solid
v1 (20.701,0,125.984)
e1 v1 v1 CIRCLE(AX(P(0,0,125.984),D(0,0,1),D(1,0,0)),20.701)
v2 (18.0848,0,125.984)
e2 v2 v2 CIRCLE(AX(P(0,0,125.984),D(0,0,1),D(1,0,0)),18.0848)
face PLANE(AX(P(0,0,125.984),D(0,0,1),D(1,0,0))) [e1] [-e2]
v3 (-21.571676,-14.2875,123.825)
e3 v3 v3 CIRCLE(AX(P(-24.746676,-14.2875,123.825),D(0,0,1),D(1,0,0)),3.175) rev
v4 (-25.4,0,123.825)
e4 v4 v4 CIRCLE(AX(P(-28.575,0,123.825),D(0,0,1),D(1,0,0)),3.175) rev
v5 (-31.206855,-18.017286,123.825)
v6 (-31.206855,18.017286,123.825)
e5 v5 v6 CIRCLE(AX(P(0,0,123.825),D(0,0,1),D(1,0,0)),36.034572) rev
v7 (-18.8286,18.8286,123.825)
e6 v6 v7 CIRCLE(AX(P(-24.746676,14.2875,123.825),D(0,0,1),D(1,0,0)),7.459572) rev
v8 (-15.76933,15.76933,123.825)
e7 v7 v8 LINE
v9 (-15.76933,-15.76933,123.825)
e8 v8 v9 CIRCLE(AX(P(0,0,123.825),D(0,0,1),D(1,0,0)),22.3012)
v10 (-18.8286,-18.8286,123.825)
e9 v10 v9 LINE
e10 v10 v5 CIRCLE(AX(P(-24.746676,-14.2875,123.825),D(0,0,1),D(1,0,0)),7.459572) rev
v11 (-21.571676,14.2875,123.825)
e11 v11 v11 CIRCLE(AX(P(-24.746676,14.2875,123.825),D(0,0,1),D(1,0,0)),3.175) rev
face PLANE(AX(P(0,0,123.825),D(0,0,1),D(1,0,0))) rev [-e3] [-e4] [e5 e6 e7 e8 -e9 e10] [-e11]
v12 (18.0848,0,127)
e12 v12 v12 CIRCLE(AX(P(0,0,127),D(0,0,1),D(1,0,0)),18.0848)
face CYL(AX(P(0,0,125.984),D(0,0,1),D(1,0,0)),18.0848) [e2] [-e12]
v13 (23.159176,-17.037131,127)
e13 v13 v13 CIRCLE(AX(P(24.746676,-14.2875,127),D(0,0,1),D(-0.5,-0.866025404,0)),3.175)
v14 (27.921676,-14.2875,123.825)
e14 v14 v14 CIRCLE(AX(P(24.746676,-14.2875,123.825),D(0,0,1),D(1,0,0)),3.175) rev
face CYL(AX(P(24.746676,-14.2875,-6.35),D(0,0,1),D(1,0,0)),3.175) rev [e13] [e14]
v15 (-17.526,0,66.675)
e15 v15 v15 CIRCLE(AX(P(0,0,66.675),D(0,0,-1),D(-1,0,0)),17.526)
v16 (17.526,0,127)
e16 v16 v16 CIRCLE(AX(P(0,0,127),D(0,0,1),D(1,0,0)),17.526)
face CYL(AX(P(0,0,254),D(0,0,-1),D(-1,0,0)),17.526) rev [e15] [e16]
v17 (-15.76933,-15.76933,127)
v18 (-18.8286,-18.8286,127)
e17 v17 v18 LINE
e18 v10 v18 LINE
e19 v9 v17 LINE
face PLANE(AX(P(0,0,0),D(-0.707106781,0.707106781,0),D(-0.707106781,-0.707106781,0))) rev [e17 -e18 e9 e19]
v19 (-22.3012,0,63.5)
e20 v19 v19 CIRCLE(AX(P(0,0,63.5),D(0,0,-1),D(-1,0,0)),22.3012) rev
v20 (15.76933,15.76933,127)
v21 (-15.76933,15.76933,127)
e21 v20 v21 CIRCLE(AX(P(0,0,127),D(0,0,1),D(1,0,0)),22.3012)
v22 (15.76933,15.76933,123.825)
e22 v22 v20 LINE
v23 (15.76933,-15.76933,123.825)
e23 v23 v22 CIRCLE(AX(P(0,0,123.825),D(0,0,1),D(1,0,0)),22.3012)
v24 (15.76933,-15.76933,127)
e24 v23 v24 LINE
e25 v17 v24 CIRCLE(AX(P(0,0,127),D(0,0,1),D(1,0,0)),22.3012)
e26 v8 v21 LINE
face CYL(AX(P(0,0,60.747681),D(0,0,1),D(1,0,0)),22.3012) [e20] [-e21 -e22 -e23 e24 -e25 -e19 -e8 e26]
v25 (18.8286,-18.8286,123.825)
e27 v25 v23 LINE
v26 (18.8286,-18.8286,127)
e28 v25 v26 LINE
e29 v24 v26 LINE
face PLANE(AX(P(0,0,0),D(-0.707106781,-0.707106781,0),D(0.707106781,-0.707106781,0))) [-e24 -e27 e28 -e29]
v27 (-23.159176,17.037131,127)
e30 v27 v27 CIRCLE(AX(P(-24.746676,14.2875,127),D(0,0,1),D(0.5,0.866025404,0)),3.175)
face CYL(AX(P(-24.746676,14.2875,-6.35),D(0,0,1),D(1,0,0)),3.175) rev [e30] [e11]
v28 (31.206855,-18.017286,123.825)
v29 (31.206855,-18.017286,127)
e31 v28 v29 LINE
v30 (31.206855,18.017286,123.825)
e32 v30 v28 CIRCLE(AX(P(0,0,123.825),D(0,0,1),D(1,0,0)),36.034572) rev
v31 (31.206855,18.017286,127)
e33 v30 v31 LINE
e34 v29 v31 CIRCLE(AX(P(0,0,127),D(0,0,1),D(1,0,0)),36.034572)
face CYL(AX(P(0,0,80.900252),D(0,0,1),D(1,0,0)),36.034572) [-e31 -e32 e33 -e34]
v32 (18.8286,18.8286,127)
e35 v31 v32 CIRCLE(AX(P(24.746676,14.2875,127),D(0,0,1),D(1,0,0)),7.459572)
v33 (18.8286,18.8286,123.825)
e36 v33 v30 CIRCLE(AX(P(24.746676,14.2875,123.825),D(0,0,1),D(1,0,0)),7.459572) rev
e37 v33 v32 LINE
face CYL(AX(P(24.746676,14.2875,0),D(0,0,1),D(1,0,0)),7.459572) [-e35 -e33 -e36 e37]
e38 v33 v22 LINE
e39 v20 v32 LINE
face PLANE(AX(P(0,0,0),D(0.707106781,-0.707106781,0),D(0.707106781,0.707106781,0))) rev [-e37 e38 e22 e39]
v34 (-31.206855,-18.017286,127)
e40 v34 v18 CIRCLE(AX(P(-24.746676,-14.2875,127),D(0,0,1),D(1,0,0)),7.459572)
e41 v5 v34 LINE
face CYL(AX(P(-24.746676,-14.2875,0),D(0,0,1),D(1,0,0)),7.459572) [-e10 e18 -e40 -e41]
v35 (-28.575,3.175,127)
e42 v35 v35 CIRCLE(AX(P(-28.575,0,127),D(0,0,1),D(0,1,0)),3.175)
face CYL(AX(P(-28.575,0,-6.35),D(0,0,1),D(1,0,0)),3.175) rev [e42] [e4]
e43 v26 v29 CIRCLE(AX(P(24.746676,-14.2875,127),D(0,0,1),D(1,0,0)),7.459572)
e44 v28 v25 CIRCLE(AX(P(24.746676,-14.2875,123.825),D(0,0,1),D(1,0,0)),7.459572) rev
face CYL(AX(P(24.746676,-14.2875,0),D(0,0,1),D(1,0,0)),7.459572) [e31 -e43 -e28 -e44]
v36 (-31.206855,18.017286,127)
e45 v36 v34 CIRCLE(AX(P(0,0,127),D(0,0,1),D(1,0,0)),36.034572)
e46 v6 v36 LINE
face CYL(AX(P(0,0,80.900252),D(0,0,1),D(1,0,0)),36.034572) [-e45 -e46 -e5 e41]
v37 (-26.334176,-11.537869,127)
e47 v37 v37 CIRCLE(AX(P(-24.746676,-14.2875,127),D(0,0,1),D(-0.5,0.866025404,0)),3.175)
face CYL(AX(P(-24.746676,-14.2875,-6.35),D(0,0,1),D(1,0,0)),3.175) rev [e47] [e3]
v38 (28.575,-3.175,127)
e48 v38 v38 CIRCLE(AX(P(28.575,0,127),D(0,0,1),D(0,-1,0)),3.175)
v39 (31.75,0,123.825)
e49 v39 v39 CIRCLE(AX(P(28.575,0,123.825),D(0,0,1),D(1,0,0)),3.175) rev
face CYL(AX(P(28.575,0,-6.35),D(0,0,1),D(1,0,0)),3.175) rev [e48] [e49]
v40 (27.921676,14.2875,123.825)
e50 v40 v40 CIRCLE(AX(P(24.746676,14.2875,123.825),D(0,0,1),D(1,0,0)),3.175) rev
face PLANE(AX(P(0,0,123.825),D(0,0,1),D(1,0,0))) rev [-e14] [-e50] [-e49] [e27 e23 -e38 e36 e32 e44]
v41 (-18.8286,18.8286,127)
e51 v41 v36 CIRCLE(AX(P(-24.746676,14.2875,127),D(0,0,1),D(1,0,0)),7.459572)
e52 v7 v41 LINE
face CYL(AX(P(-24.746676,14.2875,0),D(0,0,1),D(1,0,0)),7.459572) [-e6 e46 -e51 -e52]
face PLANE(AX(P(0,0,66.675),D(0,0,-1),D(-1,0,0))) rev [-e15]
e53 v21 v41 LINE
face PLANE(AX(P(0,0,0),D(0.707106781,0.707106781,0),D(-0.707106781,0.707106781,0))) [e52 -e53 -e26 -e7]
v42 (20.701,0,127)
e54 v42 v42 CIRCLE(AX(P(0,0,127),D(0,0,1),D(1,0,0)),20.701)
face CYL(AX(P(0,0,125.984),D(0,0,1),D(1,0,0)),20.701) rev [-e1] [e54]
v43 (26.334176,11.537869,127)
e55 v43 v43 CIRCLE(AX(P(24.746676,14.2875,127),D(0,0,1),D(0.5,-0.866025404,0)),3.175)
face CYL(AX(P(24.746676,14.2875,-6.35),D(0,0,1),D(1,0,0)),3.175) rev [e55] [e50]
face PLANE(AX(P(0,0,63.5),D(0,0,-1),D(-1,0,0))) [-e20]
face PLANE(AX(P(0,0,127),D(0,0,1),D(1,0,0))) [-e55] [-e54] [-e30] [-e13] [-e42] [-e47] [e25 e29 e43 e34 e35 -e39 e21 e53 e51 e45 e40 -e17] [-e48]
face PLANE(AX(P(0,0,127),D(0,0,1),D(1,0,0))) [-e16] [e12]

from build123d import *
from build123d.topology import SkipClean

# Parameters (mm, degrees)
SKETCH1_R           = 21.082
SKETCH1_R_2         = 17.526
BOSS_EXTRUDE1_DEPTH = 254
BOSS_EXTRUDE2_START = 6.35
SKETCH2_R           = 21.082
BOSS_EXTRUDE2_DEPTH = 6.35
SKETCH3_R           = 25.868376463
CUT_EXTRUDE1_DEPTH  = 127
SKETCH4_R           = 34.925
SKETCH4_R_2         = 19.091061219
BOSS_EXTRUDE3_DEPTH = 3.175
CUT_EXTRUDE2_DEPTH  = 143.203142546
CIRPATTERN1_COUNT   = 12
SKETCH6_R           = 21.082
CUT_EXTRUDE3_DEPTH  = 6.35
SKETCH7_R           = 21.082
BOSS_EXTRUDE4_DEPTH = 6.35
CUT_EXTRUDE5_DEPTH  = 137.26632471
BOSS_EXTRUDE5_DEPTH = 3.175
SKETCH13_R          = 20.701
SKETCH13_R_2        = 18.0848
CUT_EXTRUDE6_DEPTH  = 1.016
SKETCH14_R          = 22.3012
SKETCH14_R_2        = 20.701
BOSS_EXTRUDE6_DEPTH = 3.175
SKETCH15_R          = 3.175
SKETCH15_R_2        = 21.082
BOSS_EXTRUDE7_DEPTH = 123.825
SKETCH17_R          = 47.464750001
SKETCH17_R_2        = 22.3012
CUT_EXTRUDE7_DEPTH  = 120.65
SKETCH18_R          = 17.526
CUT_EXTRUDE8_DEPTH  = 134.883658048
CUT_EXTRUDE9_START  = -1.016
SKETCH19_R          = 20.701
SKETCH19_R_2        = 18.0848
CUT_EXTRUDE9_DEPTH  = 1.016
SKETCH20_R          = 43.35542212
CUT_EXTRUDE10_DEPTH = 25.4
SKETCH21_R          = 25.927665562
CUT_EXTRUDE11_DEPTH = 38.1
SKETCH22_R          = 20.063036937
BOSS_EXTRUDE8_DEPTH = 3.175


with BuildPart() as part:
    # Sketch1 → Boss-Extrude1 (new body)
    with BuildSketch(Plane.XY):
        Circle(SKETCH1_R)
        Circle(SKETCH1_R_2, mode=Mode.SUBTRACT)
    extrude(amount=BOSS_EXTRUDE1_DEPTH)

    # Sketch2 → Boss-Extrude2 (add)
    with BuildSketch(Plane(origin=(0, 0, 0), x_dir=(-1, 0, 0), z_dir=(0, 0, -1)).offset(BOSS_EXTRUDE2_START)):
        Circle(SKETCH2_R)
    extrude(amount=-BOSS_EXTRUDE2_DEPTH)

    # Sketch3 → Cut-Extrude1 (cut)
    with BuildSketch(Plane.XY.offset(254)):
        Circle(SKETCH3_R)
    extrude(amount=-CUT_EXTRUDE1_DEPTH, mode=Mode.SUBTRACT)

    # Sketch4 → Boss-Extrude3 (add)
    with BuildSketch(Plane.XY.offset(127)):
        Circle(SKETCH4_R)
        Circle(SKETCH4_R_2, mode=Mode.SUBTRACT)
    extrude(amount=-BOSS_EXTRUDE3_DEPTH)

    # Sketch5 → Cut-Extrude2 (cut, through all)
    with BuildSketch(Plane.XY.offset(127)):
        with BuildLine():
            ThreePointArc((0, 31.75), (-3.175, 28.575), (0, 25.4))
            Line((0, 25.4), (0, 31.75))
        make_face()
        with BuildLine():
            Line((0, 31.75), (0, 25.4))
            ThreePointArc((0, 25.4), (2.24506403, 26.32993597), (3.175, 28.575))
            ThreePointArc((3.175, 28.575), (2.24506403, 30.82006403), (0, 31.75))
        make_face()
    cut_extrude2 = extrude(amount=-CUT_EXTRUDE2_DEPTH, mode=Mode.SUBTRACT)

    # CirPattern1: Cut-Extrude2 ×12 about axis
    cirpattern1_axis = Axis((0, 0, 0), (0, 0, 1))
    for i in range(1, CIRPATTERN1_COUNT):
        add(cut_extrude2.rotate(cirpattern1_axis, i * 360 / CIRPATTERN1_COUNT), mode=Mode.SUBTRACT)

    # Sketch6 → Cut-Extrude3 (cut)
    with BuildSketch(Plane(origin=(0, 0, -6.35), x_dir=(-1, 0, 0), z_dir=(0, 0, -1))):
        Circle(SKETCH6_R)
    extrude(amount=-CUT_EXTRUDE3_DEPTH, mode=Mode.SUBTRACT)

    # Sketch7 → Boss-Extrude4 (add)
    with BuildSketch(Plane(origin=(0, 0, 0), x_dir=(-1, 0, 0), z_dir=(0, 0, -1))):
        Circle(SKETCH7_R)
    extrude(amount=-BOSS_EXTRUDE4_DEPTH)

    # Sketch8 → Cut-Extrude5 (cut, through all)
    with BuildSketch(Plane.XY.offset(127)):
        with BuildLine():
            ThreePointArc((18.828599641, 18.828599641), (22.949516837, 21.527350272), (27.854121372, 21.069018667))
            ThreePointArc((27.854121372, 21.069018667), (0, 34.925), (-27.854121372, 21.069018667))
            ThreePointArc((-27.854121372, 21.069018667), (-22.949516837, 21.527350272), (-18.828599641, 18.828599641))
            Line((-18.828599641, 18.828599641), (-14.907225161, 14.907225161))
            ThreePointArc((-14.907225161, 14.907225161), (0, 21.082), (14.907225161, 14.907225161))
            Line((14.907225161, 14.907225161), (18.828599641, 18.828599641))
        make_face()
        with BuildLine():
            ThreePointArc((14.907225161, -14.907225161), (0, -21.082), (-14.907225161, -14.907225161))
            Line((-14.907225161, -14.907225161), (-18.828599641, -18.828599641))
            ThreePointArc((-18.828599641, -18.828599641), (-22.949516837, -21.527350272), (-27.854121372, -21.069018667))
            ThreePointArc((-27.854121372, -21.069018667), (0, -34.925), (27.854121372, -21.069018667))
            ThreePointArc((27.854121372, -21.069018667), (22.949516837, -21.527350272), (18.828599641, -18.828599641))
            Line((18.828599641, -18.828599641), (14.907225161, -14.907225161))
        make_face()
    extrude(amount=-CUT_EXTRUDE5_DEPTH, mode=Mode.SUBTRACT)

    # Sketch11 → Boss-Extrude5 (add)
    with BuildSketch(Plane.XY.offset(127)):
        with BuildLine():
            ThreePointArc((31.206854634, 18.017286001), (29.767943301, 19.804028486), (27.854121372, 21.069018667))
            ThreePointArc((27.854121372, 21.069018667), (34.925, 0), (27.854121372, -21.069018667))
            ThreePointArc((27.854121372, -21.069018667), (29.767943301, -19.804028486), (31.206854634, -18.017286001))
            ThreePointArc((31.206854634, -18.017286001), (36.034571885, 0), (31.206854634, 18.017286001))
        make_face()
        with BuildLine():
            ThreePointArc((-27.854121372, 21.069018667), (-29.767943301, 19.804028486), (-31.206854634, 18.017286001))
            ThreePointArc((-31.206854634, 18.017286001), (-36.034571885, -1.77e-07), (-31.206854456, -18.017286308))
            ThreePointArc((-31.206854456, -18.017286308), (-29.767943169, -19.804028605), (-27.854121372, -21.069018667))
            ThreePointArc((-27.854121372, -21.069018667), (-34.925, 0), (-27.854121372, 21.069018667))
        make_face()
    extrude(amount=-BOSS_EXTRUDE5_DEPTH)

    # Sketch13 → Cut-Extrude6 (cut)
    with BuildSketch(Plane.XY.offset(127)):
        Circle(SKETCH13_R)
        Circle(SKETCH13_R_2, mode=Mode.SUBTRACT)
    extrude(amount=-CUT_EXTRUDE6_DEPTH, mode=Mode.SUBTRACT)

    # Sketch14 → Boss-Extrude6 (add)
    with BuildSketch(Plane.XY.offset(127)):
        Circle(SKETCH14_R)
        Circle(SKETCH14_R_2, mode=Mode.SUBTRACT)
    extrude(amount=-BOSS_EXTRUDE6_DEPTH)

    # Sketch15 → Boss-Extrude7 (add)
    with BuildSketch(Plane(origin=(0, 0, 123.825), x_dir=(-1, 0, 0), z_dir=(0, 0, -1))):
        with BuildLine():
            ThreePointArc((31.206854667, 18.017285943), (25.234555257, 21.731100369), (18.828599641, 18.828599641))
            Line((18.828599641, 18.828599641), (15.769329749, 15.769329749))
            ThreePointArc((15.769329749, 15.769329749), (0, 22.3012), (-15.769329749, 15.769329749))
            Line((-15.769329749, 15.769329749), (-18.828599641, 18.828599641))
            ThreePointArc((-18.828599641, 18.828599641), (-25.234555257, 21.731100369), (-31.206854667, 18.017285943))
            ThreePointArc((-31.206854667, 18.017285943), (-36.034571885, 0), (-31.206854667, -18.017285943))
            ThreePointArc((-31.206854667, -18.017285943), (-25.234555257, -21.731100369), (-18.828599641, -18.828599641))
            Line((-18.828599641, -18.828599641), (-15.769329749, -15.769329749))
            ThreePointArc((-15.769329749, -15.769329749), (0, -22.3012), (15.769329749, -15.769329749))
            Line((15.769329749, -15.769329749), (18.828599641, -18.828599641))
            ThreePointArc((18.828599641, -18.828599641), (25.234555257, -21.731100369), (31.206854667, -18.017285943))
            ThreePointArc((31.206854667, -18.017285943), (36.034571885, 0), (31.206854667, 18.017285943))
        make_face()
        with Locations(Location((28.575, 0, 0), (0, 0, 90))):
            Circle(SKETCH15_R, mode=Mode.SUBTRACT)
        with Locations(Location((-24.746675913, -14.2875, 0), (0, 0, 300))):
            Circle(SKETCH15_R, mode=Mode.SUBTRACT)
        with Locations(Location((-24.746675913, 14.2875, 0), (0, 0, 240))):
            Circle(SKETCH15_R, mode=Mode.SUBTRACT)
        with Locations(Location((-28.575, 0, 0), (0, 0, 270))):
            Circle(SKETCH15_R, mode=Mode.SUBTRACT)
        Circle(SKETCH15_R_2, mode=Mode.SUBTRACT)
        with Locations(Location((24.746675913, -14.2875, 0), (0, 0, 60))):
            Circle(SKETCH15_R, mode=Mode.SUBTRACT)
        with Locations(Location((24.746675913, 14.2875, 0), (0, 0, 120))):
            Circle(SKETCH15_R, mode=Mode.SUBTRACT)
    extrude(amount=BOSS_EXTRUDE7_DEPTH)

    # Sketch17 → Cut-Extrude7 (cut)
    with BuildSketch(Plane.XY.offset(123.825)):
        Circle(SKETCH17_R)
        with Locations(Location((0, 0, 0), (0, 0, 315))):
            Circle(SKETCH17_R_2, mode=Mode.SUBTRACT)
    extrude(amount=-CUT_EXTRUDE7_DEPTH, mode=Mode.SUBTRACT)

    # Sketch18 → Cut-Extrude8 (cut, through all)
    with BuildSketch(Plane.XY.offset(127)):
        Circle(SKETCH18_R)
    extrude(amount=-CUT_EXTRUDE8_DEPTH, mode=Mode.SUBTRACT)

    # Sketch19 → Cut-Extrude9 (cut)
    with BuildSketch(Plane(origin=(0, 0, 0), x_dir=(-1, 0, 0), z_dir=(0, 0, -1)).offset(CUT_EXTRUDE9_START)):
        with Locations(Location((0, 0, 0), (0, 0, 180))):
            Circle(SKETCH19_R)
        with Locations(Location((0, 0, 0), (0, 0, 180))):
            Circle(SKETCH19_R_2, mode=Mode.SUBTRACT)
    extrude(amount=CUT_EXTRUDE9_DEPTH, mode=Mode.SUBTRACT)

    # Sketch20 → Cut-Extrude10 (cut)
    with SkipClean():  # the faces are left unmerged after this step: merging them gives an invalid solid
        with BuildSketch(Plane(origin=(0, 0, 0), x_dir=(-1, 0, 0), z_dir=(0, 0, -1))):
            Circle(SKETCH20_R)
        extrude(amount=-CUT_EXTRUDE10_DEPTH, mode=Mode.SUBTRACT)

    # Sketch21 → Cut-Extrude11 (cut)
    with SkipClean():  # the faces are left unmerged after this step: merging them gives an invalid solid
        with BuildSketch(Plane(origin=(0, 0, 25.4), x_dir=(-1, 0, 0), z_dir=(0, 0, -1))):
            Circle(SKETCH21_R)
        extrude(amount=-CUT_EXTRUDE11_DEPTH, mode=Mode.SUBTRACT)

    # Sketch22 → Boss-Extrude8 (add)
    with SkipClean():  # the faces are left unmerged after this step: merging them gives an invalid solid
        with BuildSketch(Plane(origin=(0, 0, 63.5), x_dir=(-1, 0, 0), z_dir=(0, 0, -1))):
            Circle(SKETCH22_R)
        extrude(amount=-BOSS_EXTRUDE8_DEPTH)


solid = part.part
